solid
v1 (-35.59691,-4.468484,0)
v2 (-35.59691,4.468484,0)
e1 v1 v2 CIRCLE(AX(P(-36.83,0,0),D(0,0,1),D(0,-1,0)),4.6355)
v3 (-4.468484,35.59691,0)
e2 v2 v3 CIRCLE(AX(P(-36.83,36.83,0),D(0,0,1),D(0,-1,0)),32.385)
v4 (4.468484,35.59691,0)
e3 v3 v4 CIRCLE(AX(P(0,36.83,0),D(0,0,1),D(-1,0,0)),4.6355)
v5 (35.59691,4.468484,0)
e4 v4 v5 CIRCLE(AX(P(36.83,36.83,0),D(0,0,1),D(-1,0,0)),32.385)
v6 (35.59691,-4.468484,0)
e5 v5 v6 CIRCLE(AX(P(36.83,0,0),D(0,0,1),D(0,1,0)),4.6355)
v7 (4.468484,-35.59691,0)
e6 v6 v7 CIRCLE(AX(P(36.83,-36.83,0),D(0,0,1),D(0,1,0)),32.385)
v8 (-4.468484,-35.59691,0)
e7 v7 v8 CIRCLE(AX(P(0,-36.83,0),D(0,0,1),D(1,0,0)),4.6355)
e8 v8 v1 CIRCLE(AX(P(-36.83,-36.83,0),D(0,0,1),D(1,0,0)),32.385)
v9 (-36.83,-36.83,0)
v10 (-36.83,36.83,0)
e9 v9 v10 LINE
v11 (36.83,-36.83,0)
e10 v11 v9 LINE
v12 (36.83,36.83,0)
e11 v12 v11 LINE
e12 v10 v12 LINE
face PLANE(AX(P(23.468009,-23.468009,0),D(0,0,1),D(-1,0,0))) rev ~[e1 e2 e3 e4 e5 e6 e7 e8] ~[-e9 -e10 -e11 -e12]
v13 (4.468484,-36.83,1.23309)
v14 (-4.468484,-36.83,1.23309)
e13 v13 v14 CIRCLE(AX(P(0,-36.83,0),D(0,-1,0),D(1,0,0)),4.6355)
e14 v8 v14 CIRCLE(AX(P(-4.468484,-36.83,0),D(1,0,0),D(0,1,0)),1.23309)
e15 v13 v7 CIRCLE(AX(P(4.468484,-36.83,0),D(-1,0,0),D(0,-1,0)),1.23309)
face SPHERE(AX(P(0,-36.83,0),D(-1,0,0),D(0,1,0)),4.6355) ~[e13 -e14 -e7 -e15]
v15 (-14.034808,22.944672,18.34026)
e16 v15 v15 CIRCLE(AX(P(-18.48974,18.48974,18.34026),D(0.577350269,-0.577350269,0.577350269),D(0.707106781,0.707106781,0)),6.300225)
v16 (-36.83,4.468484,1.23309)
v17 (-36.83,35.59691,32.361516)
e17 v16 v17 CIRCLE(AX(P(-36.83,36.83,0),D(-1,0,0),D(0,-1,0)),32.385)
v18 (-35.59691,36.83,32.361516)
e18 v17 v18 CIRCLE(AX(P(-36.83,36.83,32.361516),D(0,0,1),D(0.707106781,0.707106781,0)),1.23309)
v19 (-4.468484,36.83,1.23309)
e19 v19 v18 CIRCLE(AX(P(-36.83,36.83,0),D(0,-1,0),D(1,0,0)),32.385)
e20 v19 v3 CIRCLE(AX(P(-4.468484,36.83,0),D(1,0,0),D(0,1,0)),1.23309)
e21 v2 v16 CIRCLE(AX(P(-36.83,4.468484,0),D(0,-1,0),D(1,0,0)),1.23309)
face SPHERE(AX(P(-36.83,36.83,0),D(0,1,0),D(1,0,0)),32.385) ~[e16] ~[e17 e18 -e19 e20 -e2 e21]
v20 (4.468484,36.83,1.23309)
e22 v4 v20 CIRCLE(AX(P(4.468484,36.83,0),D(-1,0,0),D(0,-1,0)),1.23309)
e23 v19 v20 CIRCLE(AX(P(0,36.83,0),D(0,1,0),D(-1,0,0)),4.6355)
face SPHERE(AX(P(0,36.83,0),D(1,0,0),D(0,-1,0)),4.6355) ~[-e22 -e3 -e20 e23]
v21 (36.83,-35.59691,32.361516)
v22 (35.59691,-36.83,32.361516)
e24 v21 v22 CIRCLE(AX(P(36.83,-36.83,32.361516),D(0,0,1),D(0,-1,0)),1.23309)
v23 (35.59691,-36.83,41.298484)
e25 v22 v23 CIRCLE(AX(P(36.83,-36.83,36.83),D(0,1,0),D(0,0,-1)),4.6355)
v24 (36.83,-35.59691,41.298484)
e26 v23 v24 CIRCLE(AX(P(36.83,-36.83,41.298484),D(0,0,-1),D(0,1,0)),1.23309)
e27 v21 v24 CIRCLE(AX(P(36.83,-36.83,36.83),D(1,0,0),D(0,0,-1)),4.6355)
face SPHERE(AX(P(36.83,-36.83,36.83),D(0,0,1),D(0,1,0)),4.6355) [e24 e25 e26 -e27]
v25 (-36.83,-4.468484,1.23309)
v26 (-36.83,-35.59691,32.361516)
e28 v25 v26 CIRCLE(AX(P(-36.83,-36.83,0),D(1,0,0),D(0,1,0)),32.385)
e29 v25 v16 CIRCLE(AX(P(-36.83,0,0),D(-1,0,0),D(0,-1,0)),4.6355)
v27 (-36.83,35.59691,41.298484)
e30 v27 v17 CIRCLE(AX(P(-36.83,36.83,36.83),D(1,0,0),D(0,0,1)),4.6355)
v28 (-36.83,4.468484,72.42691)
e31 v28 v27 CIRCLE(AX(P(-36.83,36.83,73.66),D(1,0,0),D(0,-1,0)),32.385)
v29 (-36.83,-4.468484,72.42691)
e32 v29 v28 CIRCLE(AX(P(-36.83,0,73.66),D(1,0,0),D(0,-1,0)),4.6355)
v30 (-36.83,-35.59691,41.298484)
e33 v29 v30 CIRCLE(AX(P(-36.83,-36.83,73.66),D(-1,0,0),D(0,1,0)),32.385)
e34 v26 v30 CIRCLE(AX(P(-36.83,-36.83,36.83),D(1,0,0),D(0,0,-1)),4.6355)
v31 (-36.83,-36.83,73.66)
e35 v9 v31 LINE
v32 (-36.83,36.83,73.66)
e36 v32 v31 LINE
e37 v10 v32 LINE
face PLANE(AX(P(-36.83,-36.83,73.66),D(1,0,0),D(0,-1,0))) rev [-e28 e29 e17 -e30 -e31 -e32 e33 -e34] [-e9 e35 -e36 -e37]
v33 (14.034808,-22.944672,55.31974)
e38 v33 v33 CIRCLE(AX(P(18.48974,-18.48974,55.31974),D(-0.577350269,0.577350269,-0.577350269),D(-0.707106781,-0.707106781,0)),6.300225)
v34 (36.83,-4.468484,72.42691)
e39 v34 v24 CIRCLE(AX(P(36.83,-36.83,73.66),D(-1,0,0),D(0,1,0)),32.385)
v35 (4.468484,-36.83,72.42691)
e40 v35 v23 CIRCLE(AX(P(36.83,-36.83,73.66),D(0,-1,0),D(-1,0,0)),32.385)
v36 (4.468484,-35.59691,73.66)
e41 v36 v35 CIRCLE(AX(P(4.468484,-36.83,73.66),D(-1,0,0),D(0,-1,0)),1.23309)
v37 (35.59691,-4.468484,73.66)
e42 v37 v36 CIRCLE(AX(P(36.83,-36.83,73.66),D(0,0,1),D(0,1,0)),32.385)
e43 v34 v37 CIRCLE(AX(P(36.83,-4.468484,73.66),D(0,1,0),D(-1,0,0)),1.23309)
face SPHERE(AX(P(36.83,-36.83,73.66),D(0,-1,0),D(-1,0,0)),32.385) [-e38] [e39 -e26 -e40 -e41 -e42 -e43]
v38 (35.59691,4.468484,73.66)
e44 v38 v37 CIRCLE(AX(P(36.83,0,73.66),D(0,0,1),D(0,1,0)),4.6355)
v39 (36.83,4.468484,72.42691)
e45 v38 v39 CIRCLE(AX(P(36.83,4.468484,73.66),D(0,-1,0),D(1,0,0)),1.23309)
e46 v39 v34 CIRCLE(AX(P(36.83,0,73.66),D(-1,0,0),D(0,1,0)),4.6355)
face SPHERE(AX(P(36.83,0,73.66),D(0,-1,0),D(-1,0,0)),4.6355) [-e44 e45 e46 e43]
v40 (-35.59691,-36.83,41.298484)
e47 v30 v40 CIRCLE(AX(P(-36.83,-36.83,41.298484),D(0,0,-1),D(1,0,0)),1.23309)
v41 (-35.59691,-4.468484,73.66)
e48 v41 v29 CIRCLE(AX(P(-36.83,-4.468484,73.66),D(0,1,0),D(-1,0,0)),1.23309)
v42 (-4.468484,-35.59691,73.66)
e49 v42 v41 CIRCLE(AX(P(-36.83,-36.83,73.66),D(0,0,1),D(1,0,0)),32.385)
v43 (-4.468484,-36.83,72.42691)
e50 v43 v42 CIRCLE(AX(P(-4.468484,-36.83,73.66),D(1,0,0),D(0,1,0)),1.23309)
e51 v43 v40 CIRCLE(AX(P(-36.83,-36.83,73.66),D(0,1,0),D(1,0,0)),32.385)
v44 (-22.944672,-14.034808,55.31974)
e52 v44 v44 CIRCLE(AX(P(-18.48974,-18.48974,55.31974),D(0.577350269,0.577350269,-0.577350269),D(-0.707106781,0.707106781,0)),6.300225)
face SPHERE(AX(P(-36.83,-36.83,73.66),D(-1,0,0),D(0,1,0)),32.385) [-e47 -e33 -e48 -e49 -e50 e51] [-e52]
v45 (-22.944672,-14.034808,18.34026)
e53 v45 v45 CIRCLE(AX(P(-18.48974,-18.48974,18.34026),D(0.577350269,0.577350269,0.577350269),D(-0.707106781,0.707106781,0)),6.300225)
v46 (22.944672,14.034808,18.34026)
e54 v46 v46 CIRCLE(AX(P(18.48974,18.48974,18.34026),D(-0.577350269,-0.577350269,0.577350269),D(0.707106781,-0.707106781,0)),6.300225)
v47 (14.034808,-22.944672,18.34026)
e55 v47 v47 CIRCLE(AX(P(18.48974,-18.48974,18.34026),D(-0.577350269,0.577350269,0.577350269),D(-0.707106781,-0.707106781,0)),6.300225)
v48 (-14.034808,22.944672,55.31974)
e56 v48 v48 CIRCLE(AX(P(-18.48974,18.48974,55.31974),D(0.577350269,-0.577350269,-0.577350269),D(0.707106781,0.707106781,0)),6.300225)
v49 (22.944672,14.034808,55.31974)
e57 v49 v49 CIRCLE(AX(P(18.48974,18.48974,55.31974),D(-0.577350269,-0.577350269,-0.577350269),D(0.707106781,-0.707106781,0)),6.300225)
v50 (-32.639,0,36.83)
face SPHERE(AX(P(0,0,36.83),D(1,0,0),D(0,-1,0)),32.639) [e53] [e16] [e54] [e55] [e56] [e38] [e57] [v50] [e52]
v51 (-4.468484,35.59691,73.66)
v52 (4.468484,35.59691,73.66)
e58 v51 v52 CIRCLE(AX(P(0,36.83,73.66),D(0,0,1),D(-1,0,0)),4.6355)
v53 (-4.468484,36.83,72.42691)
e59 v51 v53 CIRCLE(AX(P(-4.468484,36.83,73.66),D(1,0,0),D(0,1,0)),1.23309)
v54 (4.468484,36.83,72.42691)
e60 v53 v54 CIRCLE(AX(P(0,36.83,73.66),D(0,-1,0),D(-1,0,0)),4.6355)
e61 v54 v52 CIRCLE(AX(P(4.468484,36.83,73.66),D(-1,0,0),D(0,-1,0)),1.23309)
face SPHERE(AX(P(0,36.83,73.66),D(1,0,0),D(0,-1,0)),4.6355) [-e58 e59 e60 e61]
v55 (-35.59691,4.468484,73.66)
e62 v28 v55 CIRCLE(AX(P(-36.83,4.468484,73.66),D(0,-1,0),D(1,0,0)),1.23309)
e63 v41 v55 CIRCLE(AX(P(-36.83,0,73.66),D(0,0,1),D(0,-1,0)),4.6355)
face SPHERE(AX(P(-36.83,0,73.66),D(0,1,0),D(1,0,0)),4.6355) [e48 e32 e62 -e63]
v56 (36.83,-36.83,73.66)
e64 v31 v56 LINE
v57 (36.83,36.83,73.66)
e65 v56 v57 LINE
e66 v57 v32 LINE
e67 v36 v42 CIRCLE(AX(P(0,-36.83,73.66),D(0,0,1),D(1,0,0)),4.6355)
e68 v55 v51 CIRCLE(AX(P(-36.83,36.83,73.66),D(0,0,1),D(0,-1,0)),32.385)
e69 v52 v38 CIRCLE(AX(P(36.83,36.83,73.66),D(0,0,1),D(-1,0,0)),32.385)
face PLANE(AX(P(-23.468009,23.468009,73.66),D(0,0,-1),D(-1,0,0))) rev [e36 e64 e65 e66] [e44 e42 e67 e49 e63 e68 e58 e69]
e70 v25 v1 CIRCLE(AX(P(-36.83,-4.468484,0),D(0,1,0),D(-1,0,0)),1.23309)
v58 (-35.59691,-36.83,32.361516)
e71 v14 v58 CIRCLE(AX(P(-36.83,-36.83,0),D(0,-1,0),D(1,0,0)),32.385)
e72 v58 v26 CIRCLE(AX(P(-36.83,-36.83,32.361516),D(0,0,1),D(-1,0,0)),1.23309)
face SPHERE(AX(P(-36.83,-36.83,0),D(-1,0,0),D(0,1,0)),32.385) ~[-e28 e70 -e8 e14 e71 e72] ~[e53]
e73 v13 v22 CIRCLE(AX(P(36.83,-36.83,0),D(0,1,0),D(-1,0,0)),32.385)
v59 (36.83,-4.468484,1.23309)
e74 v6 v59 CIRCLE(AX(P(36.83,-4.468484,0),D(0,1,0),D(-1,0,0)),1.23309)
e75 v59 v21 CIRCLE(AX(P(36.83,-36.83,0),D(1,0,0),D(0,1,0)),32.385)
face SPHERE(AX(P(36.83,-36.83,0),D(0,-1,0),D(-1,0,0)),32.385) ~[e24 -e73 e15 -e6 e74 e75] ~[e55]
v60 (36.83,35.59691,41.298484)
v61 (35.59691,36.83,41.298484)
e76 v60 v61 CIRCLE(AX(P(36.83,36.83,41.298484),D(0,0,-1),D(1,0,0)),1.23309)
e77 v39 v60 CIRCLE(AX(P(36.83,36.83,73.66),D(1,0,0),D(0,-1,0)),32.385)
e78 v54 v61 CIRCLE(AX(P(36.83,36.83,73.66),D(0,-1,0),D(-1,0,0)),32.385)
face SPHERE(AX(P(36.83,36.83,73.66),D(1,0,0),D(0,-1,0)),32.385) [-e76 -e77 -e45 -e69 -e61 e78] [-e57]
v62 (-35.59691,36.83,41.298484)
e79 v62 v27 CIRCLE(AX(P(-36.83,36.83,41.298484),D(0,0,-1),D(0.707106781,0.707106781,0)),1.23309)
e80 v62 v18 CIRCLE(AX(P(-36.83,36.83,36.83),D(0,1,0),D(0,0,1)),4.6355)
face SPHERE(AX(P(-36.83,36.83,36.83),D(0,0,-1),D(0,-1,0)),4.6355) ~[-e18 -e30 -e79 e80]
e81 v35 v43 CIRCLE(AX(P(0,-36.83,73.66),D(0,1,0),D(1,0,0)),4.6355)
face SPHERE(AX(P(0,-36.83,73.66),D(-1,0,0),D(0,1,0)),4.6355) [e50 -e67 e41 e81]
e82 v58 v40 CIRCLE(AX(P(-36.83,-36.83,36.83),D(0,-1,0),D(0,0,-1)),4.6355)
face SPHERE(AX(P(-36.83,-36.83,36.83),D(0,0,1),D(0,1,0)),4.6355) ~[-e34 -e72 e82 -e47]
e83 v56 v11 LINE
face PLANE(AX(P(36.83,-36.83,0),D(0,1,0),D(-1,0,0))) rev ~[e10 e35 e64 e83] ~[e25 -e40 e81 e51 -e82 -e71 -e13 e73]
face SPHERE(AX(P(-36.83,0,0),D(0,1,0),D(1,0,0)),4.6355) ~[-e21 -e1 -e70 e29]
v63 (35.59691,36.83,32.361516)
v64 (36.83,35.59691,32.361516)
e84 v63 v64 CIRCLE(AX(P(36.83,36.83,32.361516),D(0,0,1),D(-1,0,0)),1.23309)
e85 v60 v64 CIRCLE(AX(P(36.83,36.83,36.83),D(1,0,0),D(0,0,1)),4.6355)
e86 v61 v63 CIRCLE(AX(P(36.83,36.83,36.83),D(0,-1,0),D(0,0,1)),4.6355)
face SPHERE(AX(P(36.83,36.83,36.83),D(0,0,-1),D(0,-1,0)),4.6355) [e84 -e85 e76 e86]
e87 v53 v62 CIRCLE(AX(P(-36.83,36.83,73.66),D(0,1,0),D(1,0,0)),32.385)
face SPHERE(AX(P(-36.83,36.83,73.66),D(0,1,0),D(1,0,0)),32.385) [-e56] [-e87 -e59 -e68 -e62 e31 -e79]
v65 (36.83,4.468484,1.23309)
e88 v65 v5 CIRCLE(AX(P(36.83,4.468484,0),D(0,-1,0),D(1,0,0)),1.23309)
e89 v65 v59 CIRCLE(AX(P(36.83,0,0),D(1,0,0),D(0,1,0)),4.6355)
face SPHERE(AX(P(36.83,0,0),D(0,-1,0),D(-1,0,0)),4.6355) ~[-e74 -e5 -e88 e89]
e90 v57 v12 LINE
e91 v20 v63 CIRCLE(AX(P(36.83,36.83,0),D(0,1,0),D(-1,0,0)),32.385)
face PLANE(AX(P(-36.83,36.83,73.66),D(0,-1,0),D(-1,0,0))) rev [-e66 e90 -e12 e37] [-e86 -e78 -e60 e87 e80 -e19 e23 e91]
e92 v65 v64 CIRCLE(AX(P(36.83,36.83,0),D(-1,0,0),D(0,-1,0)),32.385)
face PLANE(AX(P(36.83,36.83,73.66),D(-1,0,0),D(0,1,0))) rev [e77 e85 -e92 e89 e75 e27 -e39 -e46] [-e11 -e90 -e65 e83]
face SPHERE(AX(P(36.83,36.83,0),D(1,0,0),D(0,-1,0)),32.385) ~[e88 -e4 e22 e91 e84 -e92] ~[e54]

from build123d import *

# Parameters (mm, degrees)
F1_ANGLE  = 90
F3_COUNT  = 4
F3_ANGLE  = 270
F9_ANGLE  = 90
F10_COUNT = 4
F10_ANGLE = 270
F13_COUNT = 2
F13_ANGLE = 90


with BuildPart() as f1:
    # F0 (on Top) → F1 (revolve)
    with BuildSketch(Plane.XY):
        with BuildLine():
            Line((-36.83, 36.83), (-36.83, 4.445))
            ThreePointArc((-36.83, 4.445), (-13.9303468913, 13.9303468913), (-4.445, 36.83))
            Line((-4.445, 36.83), (-36.83, 36.83))
        make_face()
    revolve(axis=Axis((-36.83, 20.6375, 0), (0, -1, 0)), revolution_arc=F1_ANGLE)


with BuildPart() as f3_1:
    # F3: instance of F1
    add(f1.part.rotate(Axis((0, 0, 12.7), (0, 0, 1)), 1 * F3_ANGLE / (F3_COUNT - 1)))


with BuildPart() as f3_2:
    # F3: instance of F1
    add(f1.part.rotate(Axis((0, 0, 12.7), (0, 0, 1)), 2 * F3_ANGLE / (F3_COUNT - 1)))


with BuildPart() as f3_3:
    # F3: instance of F1
    add(f1.part.rotate(Axis((0, 0, 12.7), (0, 0, 1)), 3 * F3_ANGLE / (F3_COUNT - 1)))


with BuildPart() as f5_1:
    # F5: instance of F1
    add(f1.part.mirror(Plane.XY.offset(36.83)))


with BuildPart() as f5_2:
    # F5: instance of F3_1
    add(f3_1.part.mirror(Plane.XY.offset(36.83)))


with BuildPart() as f5_3:
    # F5: instance of F3_2
    add(f3_2.part.mirror(Plane.XY.offset(36.83)))


with BuildPart() as f5_4:
    # F5: instance of F3_3
    add(f3_3.part.mirror(Plane.XY.offset(36.83)))


with BuildPart() as f7:
    # F6 (on offset) → F7 (revolve)
    with BuildSketch(Plane.XY.offset(36.83)):
        with BuildLine():
            Line((32.639, 0), (-32.639, 0))
            ThreePointArc((-32.639, 0), (0, -32.639), (32.639, 0))
        make_face()
    revolve(axis=Axis((0, 0, 36.83), (1, 0, 0)))


with BuildPart() as f9:
    # F8 (on Top) → F9 (revolve)
    with BuildSketch(Plane.XY):
        with BuildLine():
            Line((4.6355, 36.83), (-4.6355, 36.83))
            ThreePointArc((-4.6355, 36.83), (0, 32.1945), (4.6355, 36.83))
        make_face()
    revolve(axis=Axis((0, 36.83, 0), (-1, 0, 0)), revolution_arc=F9_ANGLE)


with BuildPart() as f10_1:
    # F10: instance of F9
    add(f9.part.rotate(Axis((0, 0, 12.7), (0, 0, 1)), 1 * F10_ANGLE / (F10_COUNT - 1)))


with BuildPart() as f10_2:
    # F10: instance of F9
    add(f9.part.rotate(Axis((0, 0, 12.7), (0, 0, 1)), 2 * F10_ANGLE / (F10_COUNT - 1)))


with BuildPart() as f10_3:
    # F10: instance of F9
    add(f9.part.rotate(Axis((0, 0, 12.7), (0, 0, 1)), 3 * F10_ANGLE / (F10_COUNT - 1)))


with BuildPart() as f11_1:
    # F11: instance of F9
    add(f9.part.mirror(Plane.XY.offset(36.83)))


with BuildPart() as f11_2:
    # F11: instance of F10_3
    add(f10_3.part.mirror(Plane.XY.offset(36.83)))


with BuildPart() as f11_3:
    # F11: instance of F10_2
    add(f10_2.part.mirror(Plane.XY.offset(36.83)))


with BuildPart() as f11_4:
    # F11: instance of F10_1
    add(f10_1.part.mirror(Plane.XY.offset(36.83)))


with BuildPart() as f13_1:
    # F13: instance of F9
    add(f9.part.rotate(Axis((0, 12.7, 36.83), (0, 1, 0)), 1 * F13_ANGLE / (F13_COUNT - 1)))


with BuildPart() as f13_2:
    # F13: instance of F10_2
    add(f10_2.part.rotate(Axis((0, 12.7, 36.83), (0, 1, 0)), 1 * F13_ANGLE / (F13_COUNT - 1)))


with BuildPart() as f1_1:
    add(f1.part)

    add(f3_1.part)  # F14 merges F3_1

    add(f3_2.part)  # F14 merges F3_2

    add(f3_3.part)  # F14 merges F3_3

    add(f5_1.part)  # F14 merges F5_1

    add(f5_2.part)  # F14 merges F5_2

    add(f5_3.part)  # F14 merges F5_3

    add(f5_4.part)  # F14 merges F5_4

    add(f7.part)  # F14 merges F7

    add(f9.part)  # F14 merges F9

    add(f10_1.part)  # F14 merges F10_1

    add(f10_2.part)  # F14 merges F10_2

    add(f10_3.part)  # F14 merges F10_3

    add(f11_1.part)  # F14 merges F11_1

    add(f11_2.part)  # F14 merges F11_2

    add(f11_3.part)  # F14 merges F11_3

    add(f11_4.part)  # F14 merges F11_4

    add(f13_1.part)  # F14 merges F13_1

    add(f13_2.part)  # F14 merges F13_2
    # F14: F13_1, F13_2 across plane
    add(f13_1.part.mirror(Plane.YZ))
    add(f13_2.part.mirror(Plane.YZ))


solid = f1_1.part
